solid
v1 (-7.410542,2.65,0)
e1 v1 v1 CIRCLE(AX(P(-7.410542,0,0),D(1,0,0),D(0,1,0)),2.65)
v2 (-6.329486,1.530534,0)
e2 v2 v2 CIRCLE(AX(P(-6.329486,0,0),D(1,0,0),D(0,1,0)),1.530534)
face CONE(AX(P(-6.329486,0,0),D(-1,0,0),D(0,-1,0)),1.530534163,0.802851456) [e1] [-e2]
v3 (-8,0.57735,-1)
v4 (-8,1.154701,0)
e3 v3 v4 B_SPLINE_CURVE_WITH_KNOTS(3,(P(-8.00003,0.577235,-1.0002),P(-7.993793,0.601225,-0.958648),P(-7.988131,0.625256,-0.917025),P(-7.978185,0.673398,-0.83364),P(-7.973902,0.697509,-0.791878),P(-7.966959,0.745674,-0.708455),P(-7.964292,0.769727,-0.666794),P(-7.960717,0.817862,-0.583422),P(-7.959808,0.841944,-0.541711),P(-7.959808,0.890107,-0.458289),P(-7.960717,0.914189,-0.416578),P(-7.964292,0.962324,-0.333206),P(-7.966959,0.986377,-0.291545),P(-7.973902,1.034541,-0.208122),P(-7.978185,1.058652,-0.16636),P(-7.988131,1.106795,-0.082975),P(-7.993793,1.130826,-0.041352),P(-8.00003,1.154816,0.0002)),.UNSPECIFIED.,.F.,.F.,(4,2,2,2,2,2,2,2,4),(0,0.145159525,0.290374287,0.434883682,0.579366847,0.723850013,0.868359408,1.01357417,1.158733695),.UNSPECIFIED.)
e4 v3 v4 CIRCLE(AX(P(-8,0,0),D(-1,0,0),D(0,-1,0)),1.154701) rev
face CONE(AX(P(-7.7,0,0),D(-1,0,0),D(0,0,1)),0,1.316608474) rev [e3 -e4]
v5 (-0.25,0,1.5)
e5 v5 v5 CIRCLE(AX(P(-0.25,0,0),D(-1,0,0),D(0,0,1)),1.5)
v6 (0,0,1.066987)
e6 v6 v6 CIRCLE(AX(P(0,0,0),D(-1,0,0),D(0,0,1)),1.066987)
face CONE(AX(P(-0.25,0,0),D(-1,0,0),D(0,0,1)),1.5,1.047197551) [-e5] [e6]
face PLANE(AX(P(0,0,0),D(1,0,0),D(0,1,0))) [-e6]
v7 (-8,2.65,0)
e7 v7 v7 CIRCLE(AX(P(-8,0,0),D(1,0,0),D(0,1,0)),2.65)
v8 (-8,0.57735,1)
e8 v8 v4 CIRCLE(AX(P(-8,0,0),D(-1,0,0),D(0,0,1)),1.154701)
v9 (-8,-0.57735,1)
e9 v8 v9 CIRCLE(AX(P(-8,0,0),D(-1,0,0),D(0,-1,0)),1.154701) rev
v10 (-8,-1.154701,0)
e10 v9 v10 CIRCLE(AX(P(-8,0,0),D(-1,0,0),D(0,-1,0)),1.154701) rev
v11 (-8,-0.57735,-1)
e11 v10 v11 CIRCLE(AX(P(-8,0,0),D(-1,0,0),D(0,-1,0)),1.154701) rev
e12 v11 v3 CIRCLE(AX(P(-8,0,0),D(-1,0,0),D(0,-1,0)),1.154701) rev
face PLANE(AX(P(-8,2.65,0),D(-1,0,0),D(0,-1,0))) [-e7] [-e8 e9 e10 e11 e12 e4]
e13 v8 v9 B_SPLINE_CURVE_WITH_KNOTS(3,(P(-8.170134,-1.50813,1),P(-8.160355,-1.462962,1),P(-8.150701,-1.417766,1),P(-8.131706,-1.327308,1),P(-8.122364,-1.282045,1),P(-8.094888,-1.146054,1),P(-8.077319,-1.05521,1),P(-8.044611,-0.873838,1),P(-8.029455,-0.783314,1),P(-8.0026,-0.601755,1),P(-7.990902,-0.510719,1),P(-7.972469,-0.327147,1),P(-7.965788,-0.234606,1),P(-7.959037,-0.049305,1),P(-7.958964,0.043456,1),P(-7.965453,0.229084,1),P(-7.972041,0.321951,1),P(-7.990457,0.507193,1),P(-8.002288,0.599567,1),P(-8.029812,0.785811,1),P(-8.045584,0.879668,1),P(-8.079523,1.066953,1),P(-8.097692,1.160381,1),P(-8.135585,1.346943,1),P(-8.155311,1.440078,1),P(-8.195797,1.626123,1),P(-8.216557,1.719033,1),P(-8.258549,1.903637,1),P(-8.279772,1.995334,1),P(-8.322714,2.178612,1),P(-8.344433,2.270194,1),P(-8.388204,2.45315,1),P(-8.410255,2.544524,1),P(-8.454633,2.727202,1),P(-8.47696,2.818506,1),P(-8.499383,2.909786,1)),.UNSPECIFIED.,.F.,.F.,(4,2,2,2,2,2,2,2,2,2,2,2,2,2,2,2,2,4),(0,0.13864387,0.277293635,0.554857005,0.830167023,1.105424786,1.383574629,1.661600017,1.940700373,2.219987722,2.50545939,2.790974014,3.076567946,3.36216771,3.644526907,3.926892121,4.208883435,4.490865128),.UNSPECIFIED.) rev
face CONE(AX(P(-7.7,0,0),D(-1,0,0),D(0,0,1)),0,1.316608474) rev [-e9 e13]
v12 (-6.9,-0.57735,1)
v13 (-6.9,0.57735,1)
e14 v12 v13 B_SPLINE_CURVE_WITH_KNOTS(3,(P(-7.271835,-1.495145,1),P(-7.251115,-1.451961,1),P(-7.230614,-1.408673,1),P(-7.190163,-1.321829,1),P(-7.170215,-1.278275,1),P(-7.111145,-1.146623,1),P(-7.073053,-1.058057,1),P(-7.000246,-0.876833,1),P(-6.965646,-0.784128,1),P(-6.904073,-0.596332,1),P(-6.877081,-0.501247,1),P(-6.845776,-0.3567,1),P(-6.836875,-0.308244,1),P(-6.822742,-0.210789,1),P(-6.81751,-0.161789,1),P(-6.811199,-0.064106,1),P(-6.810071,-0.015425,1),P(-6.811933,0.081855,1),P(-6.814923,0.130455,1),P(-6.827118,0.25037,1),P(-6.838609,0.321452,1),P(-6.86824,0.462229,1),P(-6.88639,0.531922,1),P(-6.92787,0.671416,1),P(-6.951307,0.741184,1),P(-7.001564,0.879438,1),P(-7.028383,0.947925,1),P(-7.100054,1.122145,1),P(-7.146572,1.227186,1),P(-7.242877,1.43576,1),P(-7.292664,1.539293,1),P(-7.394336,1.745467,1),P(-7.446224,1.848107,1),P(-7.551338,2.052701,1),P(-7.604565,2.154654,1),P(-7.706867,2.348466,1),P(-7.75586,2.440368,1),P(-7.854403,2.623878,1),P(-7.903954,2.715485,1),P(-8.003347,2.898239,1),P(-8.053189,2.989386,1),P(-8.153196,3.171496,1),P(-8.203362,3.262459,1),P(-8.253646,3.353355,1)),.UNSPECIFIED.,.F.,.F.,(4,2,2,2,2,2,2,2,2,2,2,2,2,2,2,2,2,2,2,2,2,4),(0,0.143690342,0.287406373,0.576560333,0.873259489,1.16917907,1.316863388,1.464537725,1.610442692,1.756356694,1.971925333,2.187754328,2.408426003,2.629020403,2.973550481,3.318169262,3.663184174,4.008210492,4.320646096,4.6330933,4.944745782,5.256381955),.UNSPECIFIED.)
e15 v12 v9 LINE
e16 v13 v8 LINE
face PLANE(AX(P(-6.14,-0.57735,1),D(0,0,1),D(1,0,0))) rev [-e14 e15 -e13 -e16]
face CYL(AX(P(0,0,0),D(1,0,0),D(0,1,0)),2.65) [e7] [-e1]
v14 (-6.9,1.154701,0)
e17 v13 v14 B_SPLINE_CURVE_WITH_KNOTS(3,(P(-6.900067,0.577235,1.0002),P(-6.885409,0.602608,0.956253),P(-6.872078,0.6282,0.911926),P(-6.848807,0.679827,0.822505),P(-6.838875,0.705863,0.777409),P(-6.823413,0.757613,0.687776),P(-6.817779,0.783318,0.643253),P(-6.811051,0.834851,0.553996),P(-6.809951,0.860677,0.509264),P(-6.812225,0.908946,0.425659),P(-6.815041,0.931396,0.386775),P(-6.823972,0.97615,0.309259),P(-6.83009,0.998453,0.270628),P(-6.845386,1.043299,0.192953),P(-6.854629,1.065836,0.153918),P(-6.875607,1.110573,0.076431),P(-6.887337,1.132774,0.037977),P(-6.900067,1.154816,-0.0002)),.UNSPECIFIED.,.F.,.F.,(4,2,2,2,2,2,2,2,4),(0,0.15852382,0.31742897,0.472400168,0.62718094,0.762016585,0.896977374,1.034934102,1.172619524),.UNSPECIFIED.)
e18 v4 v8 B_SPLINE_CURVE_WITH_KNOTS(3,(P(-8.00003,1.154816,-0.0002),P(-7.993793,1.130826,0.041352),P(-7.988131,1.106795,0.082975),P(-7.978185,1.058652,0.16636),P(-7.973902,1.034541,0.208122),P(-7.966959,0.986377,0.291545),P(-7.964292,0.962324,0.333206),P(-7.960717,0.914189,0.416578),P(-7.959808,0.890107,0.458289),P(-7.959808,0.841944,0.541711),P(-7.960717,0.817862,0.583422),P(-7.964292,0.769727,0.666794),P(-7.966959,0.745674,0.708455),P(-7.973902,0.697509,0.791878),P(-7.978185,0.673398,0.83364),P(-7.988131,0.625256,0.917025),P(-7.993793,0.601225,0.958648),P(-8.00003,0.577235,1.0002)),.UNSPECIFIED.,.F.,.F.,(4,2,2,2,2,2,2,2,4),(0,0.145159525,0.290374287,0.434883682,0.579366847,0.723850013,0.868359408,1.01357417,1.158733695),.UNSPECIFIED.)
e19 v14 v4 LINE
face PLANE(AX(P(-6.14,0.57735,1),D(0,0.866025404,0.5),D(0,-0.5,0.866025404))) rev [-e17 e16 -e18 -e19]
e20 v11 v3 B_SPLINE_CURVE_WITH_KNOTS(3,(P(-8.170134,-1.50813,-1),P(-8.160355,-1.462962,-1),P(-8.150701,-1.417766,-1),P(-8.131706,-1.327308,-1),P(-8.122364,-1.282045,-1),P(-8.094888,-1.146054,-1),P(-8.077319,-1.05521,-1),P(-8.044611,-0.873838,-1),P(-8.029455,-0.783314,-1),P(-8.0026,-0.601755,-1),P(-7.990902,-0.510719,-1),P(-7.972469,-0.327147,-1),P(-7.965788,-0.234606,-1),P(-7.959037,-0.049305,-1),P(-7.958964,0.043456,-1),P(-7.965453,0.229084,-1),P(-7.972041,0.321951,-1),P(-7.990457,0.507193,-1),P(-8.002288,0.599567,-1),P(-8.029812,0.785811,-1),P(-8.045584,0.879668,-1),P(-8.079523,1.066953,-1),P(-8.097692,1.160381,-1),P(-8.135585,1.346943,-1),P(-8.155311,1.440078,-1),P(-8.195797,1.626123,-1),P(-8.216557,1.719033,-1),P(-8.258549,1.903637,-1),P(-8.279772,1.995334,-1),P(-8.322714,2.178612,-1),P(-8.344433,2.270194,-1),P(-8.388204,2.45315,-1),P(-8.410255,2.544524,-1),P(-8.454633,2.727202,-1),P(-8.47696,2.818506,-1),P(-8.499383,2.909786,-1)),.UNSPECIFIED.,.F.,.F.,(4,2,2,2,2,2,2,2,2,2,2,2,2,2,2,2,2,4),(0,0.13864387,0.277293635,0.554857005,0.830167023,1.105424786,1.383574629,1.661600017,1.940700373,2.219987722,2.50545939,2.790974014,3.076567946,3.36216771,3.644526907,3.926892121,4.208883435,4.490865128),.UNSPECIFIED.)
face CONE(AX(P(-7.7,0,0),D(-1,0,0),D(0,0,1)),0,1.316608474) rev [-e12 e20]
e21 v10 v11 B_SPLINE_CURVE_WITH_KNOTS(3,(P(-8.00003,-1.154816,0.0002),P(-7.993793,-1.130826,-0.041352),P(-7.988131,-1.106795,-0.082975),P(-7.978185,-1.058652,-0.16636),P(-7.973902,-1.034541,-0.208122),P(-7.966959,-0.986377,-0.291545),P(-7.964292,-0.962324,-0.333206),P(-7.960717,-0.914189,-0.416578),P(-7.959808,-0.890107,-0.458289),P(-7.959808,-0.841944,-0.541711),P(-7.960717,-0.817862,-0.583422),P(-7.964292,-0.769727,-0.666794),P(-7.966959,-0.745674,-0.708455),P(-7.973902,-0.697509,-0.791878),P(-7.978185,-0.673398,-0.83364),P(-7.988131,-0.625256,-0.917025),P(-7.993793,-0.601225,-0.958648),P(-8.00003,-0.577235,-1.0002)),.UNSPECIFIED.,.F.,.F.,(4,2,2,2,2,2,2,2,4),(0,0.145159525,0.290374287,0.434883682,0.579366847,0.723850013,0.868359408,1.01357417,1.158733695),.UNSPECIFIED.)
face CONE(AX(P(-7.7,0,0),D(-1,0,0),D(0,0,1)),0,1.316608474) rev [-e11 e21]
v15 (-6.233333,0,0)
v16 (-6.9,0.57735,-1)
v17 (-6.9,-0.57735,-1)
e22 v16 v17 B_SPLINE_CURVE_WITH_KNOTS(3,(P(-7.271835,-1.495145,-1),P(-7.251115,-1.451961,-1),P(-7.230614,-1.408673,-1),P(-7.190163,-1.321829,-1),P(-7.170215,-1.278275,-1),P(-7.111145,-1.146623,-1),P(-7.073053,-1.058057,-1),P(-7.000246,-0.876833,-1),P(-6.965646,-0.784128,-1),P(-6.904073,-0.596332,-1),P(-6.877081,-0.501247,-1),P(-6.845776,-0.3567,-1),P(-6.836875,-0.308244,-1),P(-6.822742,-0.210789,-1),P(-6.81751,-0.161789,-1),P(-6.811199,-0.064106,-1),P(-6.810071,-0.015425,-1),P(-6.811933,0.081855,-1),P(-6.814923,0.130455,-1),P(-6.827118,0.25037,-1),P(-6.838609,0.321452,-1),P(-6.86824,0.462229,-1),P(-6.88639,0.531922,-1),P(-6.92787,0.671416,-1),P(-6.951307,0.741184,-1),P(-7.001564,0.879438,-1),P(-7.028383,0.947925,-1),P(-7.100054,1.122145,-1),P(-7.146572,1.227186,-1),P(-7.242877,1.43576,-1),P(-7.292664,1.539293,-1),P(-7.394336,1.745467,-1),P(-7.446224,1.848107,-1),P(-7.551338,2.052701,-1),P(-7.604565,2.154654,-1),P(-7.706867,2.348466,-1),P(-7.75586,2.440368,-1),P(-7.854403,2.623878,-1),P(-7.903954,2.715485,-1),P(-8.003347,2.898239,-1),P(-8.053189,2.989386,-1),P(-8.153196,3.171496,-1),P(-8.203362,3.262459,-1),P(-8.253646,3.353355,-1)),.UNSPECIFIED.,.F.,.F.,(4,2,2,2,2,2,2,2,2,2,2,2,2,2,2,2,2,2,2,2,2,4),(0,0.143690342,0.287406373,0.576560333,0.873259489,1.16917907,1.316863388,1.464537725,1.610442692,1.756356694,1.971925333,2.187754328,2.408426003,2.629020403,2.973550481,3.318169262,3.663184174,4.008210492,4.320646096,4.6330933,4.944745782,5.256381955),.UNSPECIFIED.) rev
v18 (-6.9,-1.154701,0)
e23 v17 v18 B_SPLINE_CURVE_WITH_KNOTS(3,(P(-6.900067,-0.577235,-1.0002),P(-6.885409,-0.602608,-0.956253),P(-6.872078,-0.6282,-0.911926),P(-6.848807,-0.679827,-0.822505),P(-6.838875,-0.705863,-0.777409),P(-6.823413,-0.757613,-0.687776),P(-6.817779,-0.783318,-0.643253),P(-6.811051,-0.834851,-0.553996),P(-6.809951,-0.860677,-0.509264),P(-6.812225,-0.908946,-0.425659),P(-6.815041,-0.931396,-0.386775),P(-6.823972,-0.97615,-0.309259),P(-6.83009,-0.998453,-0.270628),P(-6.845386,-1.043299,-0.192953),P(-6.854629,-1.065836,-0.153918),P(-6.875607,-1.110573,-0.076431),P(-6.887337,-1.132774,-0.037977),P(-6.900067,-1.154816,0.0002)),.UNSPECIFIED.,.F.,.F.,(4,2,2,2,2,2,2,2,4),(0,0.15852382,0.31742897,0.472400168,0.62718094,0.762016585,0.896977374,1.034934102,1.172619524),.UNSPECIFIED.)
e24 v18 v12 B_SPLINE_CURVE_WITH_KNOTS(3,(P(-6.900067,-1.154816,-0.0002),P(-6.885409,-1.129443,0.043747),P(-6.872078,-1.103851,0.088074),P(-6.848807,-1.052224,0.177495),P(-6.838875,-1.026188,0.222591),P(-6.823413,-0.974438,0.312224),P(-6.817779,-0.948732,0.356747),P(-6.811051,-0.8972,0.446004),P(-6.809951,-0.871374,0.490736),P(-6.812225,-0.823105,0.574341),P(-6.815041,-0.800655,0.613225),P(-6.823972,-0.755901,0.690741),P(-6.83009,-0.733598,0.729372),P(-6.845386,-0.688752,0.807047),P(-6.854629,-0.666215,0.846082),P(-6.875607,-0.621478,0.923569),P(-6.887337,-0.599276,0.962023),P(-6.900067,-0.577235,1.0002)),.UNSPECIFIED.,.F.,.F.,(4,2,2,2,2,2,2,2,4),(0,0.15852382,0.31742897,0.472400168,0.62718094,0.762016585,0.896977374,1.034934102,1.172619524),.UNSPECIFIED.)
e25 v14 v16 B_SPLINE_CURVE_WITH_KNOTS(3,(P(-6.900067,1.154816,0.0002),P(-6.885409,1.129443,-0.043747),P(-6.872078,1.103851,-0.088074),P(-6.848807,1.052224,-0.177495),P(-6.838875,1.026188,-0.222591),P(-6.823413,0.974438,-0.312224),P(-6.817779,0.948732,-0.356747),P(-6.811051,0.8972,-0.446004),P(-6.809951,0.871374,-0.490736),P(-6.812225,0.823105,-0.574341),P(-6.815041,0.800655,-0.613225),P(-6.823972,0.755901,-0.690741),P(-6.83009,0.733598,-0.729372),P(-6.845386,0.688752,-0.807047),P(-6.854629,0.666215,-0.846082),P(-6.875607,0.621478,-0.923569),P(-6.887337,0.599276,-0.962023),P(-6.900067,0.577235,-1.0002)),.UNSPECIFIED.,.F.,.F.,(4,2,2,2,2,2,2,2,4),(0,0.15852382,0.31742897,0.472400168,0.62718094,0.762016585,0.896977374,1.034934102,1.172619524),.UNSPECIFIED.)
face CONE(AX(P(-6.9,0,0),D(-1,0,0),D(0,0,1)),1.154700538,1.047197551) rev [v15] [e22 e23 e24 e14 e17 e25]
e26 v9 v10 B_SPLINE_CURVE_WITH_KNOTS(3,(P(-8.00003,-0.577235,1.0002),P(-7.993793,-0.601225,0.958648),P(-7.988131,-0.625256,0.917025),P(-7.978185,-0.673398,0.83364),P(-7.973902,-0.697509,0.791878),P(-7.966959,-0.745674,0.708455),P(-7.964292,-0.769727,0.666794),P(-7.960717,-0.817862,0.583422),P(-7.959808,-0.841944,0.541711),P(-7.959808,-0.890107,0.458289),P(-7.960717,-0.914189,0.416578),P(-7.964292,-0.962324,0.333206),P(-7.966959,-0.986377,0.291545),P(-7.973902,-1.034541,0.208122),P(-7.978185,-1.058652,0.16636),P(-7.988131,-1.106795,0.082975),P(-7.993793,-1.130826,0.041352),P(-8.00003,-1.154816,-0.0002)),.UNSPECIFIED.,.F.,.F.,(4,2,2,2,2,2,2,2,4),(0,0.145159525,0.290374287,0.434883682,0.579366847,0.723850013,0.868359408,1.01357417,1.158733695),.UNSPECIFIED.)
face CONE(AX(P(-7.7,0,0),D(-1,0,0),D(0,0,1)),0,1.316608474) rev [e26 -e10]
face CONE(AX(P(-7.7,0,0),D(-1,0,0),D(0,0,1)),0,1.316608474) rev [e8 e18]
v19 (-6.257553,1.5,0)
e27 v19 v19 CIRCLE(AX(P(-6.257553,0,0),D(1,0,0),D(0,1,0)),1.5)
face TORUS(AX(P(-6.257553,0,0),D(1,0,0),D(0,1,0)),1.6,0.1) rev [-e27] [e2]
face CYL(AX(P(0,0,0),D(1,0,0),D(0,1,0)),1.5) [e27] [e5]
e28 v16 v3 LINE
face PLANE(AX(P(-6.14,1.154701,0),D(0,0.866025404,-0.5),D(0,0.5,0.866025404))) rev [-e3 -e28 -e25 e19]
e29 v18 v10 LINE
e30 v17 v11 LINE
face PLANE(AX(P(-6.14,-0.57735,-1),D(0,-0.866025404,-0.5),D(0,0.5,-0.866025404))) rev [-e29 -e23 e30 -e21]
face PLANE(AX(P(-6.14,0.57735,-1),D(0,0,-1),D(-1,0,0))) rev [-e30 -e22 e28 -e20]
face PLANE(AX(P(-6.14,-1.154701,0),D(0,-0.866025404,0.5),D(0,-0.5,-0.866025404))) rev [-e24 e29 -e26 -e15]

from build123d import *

# Parameters (mm, degrees)
CUT_EXTRUDE_1_DEPTH = 1.86


with BuildPart() as part:
    # 草图1 → 旋转1 (revolve)
    with BuildSketch(Plane.XY):
        with BuildLine():
            Line((0, 1.5), (-6.257552518, 1.5))
            ThreePointArc((-6.257552518, 1.5), (-6.296625631, 1.507949515), (-6.329486498, 1.530534163))
            Line((-6.329486498, 1.530534163), (-7.410542091, 2.65))
            Line((-7.410542091, 2.65), (-8, 2.65))
            Line((-8, 2.65), (-8, 0))
            Line((-8, 0), (0, 0))
            Line((0, 0), (0, 1.5))
        make_face()
    revolve(axis=Axis((0, 0, 0), (-1, 0, 0)))

    # 草图2 → 切除-拉伸1 (cut)
    with BuildSketch(Plane.ZY.offset(8)):
        Polygon((0, 1.154700538), (-1, 0.577350269), (-1, -0.577350269), (0, -1.154700538), (1, -0.577350269), (1, 0.577350269), align=None)
    extrude(amount=-CUT_EXTRUDE_1_DEPTH, mode=Mode.SUBTRACT)

    # 草图6 → 旋转2 (revolve)
    with BuildSketch(Plane.XY):
        Polygon((-6.9, 1.154700538), (-6.233333333, 0), (-5.84, 0), (-5.84, 1.154700538), align=None)
    revolve(axis=Axis((-8, 0, 0), (1, 0, 0)))

    # 草图7 → 切除-旋转2 (revolve, cut)
    with BuildSketch(Plane.XY):
        Polygon((-8, 1.154700538), (-8, 0), (-7.7, 0), align=None)
    revolve(axis=Axis((-8, 0, 0), (1, 0, 0)), mode=Mode.SUBTRACT)

    # 草图4 → 切除-旋转1 (revolve, cut)
    with BuildSketch(Plane.XY):
        Polygon((-0.25, 1.5), (0, 1.066987298), (0.25, 1.5), align=None)
    revolve(axis=Axis((-0.25, 0, 0), (1, 0, 0)), mode=Mode.SUBTRACT)


solid = part.part
